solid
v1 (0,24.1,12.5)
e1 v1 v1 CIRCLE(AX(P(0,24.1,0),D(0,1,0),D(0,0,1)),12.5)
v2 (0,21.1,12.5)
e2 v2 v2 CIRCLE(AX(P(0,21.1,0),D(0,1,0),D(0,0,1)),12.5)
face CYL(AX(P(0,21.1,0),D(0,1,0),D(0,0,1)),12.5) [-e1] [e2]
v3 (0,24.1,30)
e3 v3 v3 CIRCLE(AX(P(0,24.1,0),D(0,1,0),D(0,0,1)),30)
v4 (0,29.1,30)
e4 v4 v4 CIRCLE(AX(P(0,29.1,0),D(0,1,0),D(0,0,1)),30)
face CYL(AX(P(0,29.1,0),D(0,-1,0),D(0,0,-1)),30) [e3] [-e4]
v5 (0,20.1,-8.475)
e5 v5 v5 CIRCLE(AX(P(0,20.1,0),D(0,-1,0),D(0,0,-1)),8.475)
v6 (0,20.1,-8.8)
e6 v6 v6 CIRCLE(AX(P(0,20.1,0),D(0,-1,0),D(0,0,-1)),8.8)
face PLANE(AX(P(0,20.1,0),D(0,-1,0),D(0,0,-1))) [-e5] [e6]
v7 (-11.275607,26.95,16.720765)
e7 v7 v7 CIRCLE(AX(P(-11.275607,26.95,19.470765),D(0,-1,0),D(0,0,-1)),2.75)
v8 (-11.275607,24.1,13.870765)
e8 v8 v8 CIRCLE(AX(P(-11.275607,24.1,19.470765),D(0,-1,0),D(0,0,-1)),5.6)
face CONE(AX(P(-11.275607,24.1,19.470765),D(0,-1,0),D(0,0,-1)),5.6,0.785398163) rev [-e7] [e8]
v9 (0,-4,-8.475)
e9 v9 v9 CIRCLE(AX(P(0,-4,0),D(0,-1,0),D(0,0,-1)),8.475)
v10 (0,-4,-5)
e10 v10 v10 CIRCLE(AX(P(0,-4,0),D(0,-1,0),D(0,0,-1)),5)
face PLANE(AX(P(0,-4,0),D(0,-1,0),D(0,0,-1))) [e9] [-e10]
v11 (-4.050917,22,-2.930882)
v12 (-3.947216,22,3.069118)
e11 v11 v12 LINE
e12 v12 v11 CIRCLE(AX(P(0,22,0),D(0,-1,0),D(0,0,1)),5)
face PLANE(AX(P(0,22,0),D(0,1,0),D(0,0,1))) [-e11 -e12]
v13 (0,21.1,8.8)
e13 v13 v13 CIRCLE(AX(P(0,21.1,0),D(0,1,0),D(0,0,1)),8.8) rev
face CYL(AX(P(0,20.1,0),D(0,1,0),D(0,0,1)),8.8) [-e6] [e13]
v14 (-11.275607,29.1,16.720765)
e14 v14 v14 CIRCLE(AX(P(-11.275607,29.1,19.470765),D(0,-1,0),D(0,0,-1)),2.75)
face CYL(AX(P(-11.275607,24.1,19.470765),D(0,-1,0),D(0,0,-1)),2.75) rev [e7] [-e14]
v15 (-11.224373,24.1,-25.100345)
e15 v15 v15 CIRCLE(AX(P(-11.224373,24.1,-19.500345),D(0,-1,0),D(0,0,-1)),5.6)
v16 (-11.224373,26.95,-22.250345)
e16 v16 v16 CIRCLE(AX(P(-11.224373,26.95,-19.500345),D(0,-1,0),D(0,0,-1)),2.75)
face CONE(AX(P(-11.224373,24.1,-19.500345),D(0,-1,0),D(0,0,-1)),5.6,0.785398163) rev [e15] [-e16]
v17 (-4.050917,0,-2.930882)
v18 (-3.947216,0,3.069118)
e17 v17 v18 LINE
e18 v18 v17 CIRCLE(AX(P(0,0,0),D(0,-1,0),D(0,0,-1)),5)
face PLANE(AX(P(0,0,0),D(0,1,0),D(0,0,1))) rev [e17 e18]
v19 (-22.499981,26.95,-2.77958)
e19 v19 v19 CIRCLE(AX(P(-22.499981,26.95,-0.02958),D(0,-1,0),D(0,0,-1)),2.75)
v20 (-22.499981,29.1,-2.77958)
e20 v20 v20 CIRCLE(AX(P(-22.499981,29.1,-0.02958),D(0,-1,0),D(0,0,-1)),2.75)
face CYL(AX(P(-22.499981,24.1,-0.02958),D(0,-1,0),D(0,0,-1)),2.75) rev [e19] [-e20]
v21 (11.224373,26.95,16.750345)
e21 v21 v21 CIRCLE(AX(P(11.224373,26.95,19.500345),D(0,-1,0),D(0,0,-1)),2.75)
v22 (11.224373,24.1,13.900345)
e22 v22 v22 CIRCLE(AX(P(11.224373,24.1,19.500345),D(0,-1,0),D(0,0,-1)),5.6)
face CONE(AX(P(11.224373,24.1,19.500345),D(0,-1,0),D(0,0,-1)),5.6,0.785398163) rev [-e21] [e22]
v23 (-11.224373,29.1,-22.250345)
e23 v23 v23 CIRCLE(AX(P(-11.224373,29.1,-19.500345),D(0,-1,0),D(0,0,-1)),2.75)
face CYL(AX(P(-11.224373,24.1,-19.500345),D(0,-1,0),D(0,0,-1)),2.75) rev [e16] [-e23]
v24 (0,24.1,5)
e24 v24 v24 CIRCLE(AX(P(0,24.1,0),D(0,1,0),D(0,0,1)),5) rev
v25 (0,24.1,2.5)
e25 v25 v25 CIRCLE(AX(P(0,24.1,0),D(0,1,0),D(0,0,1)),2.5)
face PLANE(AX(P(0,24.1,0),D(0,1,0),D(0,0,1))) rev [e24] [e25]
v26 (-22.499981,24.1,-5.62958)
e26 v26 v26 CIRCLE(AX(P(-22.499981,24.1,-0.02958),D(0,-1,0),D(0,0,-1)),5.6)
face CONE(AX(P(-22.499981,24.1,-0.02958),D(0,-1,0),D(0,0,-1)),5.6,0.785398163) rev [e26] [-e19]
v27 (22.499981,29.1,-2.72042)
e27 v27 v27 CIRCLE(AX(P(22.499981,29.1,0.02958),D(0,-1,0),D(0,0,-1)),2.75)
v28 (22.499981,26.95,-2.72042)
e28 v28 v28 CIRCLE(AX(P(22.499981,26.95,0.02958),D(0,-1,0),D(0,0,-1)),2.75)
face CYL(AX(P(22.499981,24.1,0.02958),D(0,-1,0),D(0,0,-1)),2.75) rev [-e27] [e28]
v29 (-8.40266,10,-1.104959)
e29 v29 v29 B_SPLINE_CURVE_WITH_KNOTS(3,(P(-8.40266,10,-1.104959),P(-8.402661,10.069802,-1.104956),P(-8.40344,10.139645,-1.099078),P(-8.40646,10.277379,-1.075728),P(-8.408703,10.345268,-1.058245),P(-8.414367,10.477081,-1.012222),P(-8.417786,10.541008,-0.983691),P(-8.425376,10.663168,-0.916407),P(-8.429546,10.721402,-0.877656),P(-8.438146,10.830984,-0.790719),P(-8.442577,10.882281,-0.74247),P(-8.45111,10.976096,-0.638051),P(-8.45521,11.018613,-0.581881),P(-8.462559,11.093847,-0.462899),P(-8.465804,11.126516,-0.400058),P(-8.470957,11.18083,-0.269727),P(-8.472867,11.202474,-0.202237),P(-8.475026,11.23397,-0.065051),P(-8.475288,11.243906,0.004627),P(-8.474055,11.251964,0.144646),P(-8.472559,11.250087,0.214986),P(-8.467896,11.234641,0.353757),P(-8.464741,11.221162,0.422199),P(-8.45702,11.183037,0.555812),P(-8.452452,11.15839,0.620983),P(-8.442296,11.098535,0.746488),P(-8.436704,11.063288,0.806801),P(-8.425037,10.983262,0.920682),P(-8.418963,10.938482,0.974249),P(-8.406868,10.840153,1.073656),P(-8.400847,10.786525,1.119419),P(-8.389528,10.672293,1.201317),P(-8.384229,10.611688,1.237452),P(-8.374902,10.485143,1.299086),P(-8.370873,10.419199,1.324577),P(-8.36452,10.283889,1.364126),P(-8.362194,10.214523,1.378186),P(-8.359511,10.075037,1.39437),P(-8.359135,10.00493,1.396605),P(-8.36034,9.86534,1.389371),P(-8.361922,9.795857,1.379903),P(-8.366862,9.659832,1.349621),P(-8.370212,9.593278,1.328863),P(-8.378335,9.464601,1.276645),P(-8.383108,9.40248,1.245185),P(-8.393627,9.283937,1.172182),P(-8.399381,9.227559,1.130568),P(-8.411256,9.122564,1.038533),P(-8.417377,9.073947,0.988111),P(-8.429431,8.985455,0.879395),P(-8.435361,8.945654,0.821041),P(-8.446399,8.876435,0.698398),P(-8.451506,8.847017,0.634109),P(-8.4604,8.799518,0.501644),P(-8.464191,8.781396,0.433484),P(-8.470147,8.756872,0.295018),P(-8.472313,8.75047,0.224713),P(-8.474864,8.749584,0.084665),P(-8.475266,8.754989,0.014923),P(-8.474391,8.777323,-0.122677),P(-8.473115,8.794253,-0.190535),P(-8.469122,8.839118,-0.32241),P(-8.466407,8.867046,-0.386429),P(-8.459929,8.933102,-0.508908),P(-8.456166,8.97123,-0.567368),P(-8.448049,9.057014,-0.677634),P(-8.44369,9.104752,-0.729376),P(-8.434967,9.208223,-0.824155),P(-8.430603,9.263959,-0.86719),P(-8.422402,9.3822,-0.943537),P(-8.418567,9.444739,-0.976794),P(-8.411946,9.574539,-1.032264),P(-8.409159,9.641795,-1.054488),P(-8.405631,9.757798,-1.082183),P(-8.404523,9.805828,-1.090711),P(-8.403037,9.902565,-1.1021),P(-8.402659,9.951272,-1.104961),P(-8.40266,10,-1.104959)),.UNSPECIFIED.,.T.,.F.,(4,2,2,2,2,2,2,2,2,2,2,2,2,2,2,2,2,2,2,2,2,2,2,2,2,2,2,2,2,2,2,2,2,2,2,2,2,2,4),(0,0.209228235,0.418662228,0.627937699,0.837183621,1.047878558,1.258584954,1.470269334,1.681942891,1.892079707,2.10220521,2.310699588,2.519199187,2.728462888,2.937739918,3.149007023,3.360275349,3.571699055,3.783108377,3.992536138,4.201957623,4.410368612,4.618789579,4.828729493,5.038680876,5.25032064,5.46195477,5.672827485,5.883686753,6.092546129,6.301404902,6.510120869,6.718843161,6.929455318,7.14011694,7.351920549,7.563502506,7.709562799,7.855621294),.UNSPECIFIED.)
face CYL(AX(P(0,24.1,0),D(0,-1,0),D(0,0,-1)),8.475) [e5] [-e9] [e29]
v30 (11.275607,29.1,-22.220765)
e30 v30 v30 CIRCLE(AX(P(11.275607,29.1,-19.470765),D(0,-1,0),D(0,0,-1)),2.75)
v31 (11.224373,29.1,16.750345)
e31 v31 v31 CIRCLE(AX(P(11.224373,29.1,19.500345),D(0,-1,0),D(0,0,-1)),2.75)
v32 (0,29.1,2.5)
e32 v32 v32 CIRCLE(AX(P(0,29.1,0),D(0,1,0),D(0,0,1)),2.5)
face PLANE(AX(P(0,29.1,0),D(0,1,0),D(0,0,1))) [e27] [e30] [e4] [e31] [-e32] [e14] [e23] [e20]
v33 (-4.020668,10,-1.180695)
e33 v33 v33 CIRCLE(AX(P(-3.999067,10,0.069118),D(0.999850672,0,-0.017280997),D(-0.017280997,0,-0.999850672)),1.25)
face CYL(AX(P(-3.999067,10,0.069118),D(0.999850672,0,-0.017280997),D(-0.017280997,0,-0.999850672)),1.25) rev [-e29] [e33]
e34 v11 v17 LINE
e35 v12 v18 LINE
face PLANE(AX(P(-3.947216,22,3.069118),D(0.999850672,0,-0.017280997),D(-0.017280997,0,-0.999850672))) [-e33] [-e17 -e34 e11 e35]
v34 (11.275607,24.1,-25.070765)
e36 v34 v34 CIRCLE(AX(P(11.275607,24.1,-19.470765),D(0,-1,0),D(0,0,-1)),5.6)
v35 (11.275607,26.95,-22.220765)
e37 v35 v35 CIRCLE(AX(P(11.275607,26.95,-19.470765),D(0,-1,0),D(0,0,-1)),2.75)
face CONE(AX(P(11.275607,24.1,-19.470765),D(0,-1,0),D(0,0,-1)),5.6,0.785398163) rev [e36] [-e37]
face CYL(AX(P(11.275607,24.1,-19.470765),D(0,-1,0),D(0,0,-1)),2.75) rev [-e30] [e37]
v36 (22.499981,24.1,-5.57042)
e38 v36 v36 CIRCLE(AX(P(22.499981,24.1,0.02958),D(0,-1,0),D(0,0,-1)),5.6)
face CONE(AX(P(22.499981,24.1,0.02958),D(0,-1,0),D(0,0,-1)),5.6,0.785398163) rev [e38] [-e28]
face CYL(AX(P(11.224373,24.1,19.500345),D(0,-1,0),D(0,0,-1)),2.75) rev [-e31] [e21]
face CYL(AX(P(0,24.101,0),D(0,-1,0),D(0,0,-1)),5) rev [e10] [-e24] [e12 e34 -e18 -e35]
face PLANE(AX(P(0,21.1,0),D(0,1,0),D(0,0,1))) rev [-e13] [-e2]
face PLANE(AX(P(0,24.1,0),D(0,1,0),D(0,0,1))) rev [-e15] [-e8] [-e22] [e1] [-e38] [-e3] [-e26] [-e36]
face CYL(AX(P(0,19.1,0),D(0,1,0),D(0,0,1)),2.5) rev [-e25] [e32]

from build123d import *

# Parameters (mm, degrees)
SKETCH_1_R               = 8.475
EXTRUDE_1_DEPTH          = 24.1
CUT_EXTRUDE_2_REACH      = 28.916
SKETCH_3_R               = 5
EXTRUDE_2_DEPTH          = 22
SKETCH_6_R               = 12.5
SKETCH_6_R_2             = 7.5
EXTRUDE_3_DEPTH          = 3
EXTRUDE_START            = 1
SKETCH_20_R              = 8.8
SKETCH_20_R_2            = 8.475
EXTRUDE_4_DEPTH          = 1
HOLE_WIZARD_M3_4_D       = 2.5
HOLE_WIZARD_M3_4_DEPTH   = 8.5
HOLE_WIZARD_M3_4_TIP     = 0.751075774
SKETCH_24_R              = 30
EXTRUDE_5_DEPTH          = 5
SKETCH_25_R              = 2.5
CUT_EXTRUDE_3_DEPTH      = 10
HOLE_WIZARD_1_AT_2_COUNT = 2
HOLE_WIZARD_1_AT_2_PITCH = 22.5
HOLE_WIZARD_1_AT_3_COUNT = 2
HOLE_WIZARD_1_AT_3_PITCH = 38.97114317
HOLE_WIZARD_1_AT_4_COUNT = 2
HOLE_WIZARD_1_AT_4_PITCH = 45
HOLE_WIZARD_1_AT_5_COUNT = 2
HOLE_WIZARD_1_AT_5_PITCH = 38.97114317
HOLE_WIZARD_1_AT_6_COUNT = 2
HOLE_WIZARD_1_AT_6_PITCH = 22.5
EXTRUDE_START_2          = 4
SKETCH_34_R              = 8.475
SKETCH_34_R_2            = 5
EXTRUDE_8_DEPTH          = 4


with BuildPart() as part:
    # 草图1 → 凸台-拉伸1 (new body)
    with BuildSketch(Plane(origin=(0, 0, 0), x_dir=(1, 0, 0), z_dir=(0, 1, 0))):
        with Locations(Location((0, 0, 0), (0, 0, 270))):
            Circle(SKETCH_1_R)
    extrude(amount=EXTRUDE_1_DEPTH)

    # 草图3 → 切除-拉伸2 (cut, up to next)
    with BuildSketch(Plane.XZ, mode=Mode.PRIVATE) as cut_extrude_2_sk1:
        with Locations(Location((0, 0, 0), (0, 0, 270))):
            Circle(SKETCH_3_R)
    cut_extrude_2_tool1 = extrude(cut_extrude_2_sk1.sketch, amount=-CUT_EXTRUDE_2_REACH, mode=Mode.PRIVATE) & part.part
    add(cut_extrude_2_tool1.solids().sort_by_distance((0, 0, 0))[0], mode=Mode.SUBTRACT)

    # 草图4 → 凸台-拉伸2 (add)
    with BuildSketch(Plane.XZ):
        with BuildLine():
            Line((-3.947215931, 3.069118179), (-4.050917396, -2.930881821))
            ThreePointArc((-4.050917396, -2.930881821), (-4.999253362, 0.086404983), (-3.947215931, 3.069118179))
        make_face()
    extrude(amount=-EXTRUDE_2_DEPTH)

    # 草图6 → 凸台-拉伸3 (add)
    with BuildSketch(Plane(origin=(0, 24.1, 0), x_dir=(1, 0, 0), z_dir=(0, 1, 0))):
        with Locations(Location((0, 0, 0), (0, 0, 270))):
            Circle(SKETCH_6_R)
        Circle(SKETCH_6_R_2, mode=Mode.SUBTRACT)
    extrude(amount=-EXTRUDE_3_DEPTH)

    # 草图20 → 凸台-拉伸4 (add)
    with BuildSketch(Plane.XZ.offset(-21.1).offset(EXTRUDE_START)):
        with Locations(Location((0, 0, 0), (0, 0, 90))):
            Circle(SKETCH_20_R)
        with Locations(Location((0, 0, 0), (0, 0, 270))):
            Circle(SKETCH_20_R_2, mode=Mode.SUBTRACT)
    extrude(amount=-EXTRUDE_4_DEPTH)

    # M3 螺纹孔4
    with Locations(Plane(origin=(-3.999066663, 0, 0.069118179), x_dir=(-0.01728099666811417, 0, -0.9998506724277165), z_dir=(0.9998506724277165, 0, -0.01728099666811417))):
        with Locations((0, 10)):
            Hole(HOLE_WIZARD_M3_4_D / 2, depth=HOLE_WIZARD_M3_4_DEPTH)
            with Locations((0, 0, -(HOLE_WIZARD_M3_4_DEPTH + HOLE_WIZARD_M3_4_TIP / 2))):  # 118° drill point
                Cone(0, HOLE_WIZARD_M3_4_D / 2, HOLE_WIZARD_M3_4_TIP, mode=Mode.SUBTRACT)

    # 草图24 → 凸台-拉伸5 (add)
    with BuildSketch(Plane(origin=(0, 24.1, 0), x_dir=(1, 0, 0), z_dir=(0, 1, 0))):
        with Locations(Location((0, 0, 0), (0, 0, 270))):
            Circle(SKETCH_24_R)
    extrude(amount=EXTRUDE_5_DEPTH)

    # 草图25 → 切除-拉伸3 (cut)
    with BuildSketch(Plane(origin=(0, 29.1, 0), x_dir=(1, 0, 0), z_dir=(0, 1, 0))):
        with Locations(Location((0, 0, 0), (0, 0, 270))):
            Circle(SKETCH_25_R)
    extrude(amount=-CUT_EXTRUDE_3_DEPTH, mode=Mode.SUBTRACT)

    # 草图31 → 打孔尺寸(%根据十字)槽半沉头木螺钉的类型1 (revolve, cut)
    with BuildSketch(Plane(origin=(-11.275607113, 24.1, 19.47076486), x_dir=(0, 0, -1), z_dir=(1, 0, 0))):
        Polygon((0, 0), (0, 5), (2.75, 5), (2.75, 2.85), (5.6, 0), align=None)
    hole_wizard_1 = revolve(axis=Axis((-11.275607113, 17.75, 19.47076486), (0, 1, 0)), mode=Mode.SUBTRACT)

    # 打孔尺寸(%根据十字)槽半沉头木螺钉的类型1 at 2: 打孔尺寸(%根据十字)槽半沉头木螺钉的类型1 ×2
    with Locations(*[Vector(0.9999991358386731, 0, 0.0013146565738525046) * (i * HOLE_WIZARD_1_AT_2_PITCH) for i in range(1, HOLE_WIZARD_1_AT_2_COUNT)]):
        add(hole_wizard_1, mode=Mode.SUBTRACT)

    # 打孔尺寸(%根据十字)槽半沉头木螺钉的类型1 at 3: 打孔尺寸(%根据十字)槽半沉头木螺钉的类型1 ×2
    with Locations(*[Vector(0.8666819836857027, 0, -0.49886104192912833) * (i * HOLE_WIZARD_1_AT_3_PITCH) for i in range(1, HOLE_WIZARD_1_AT_3_COUNT)]):
        add(hole_wizard_1, mode=Mode.SUBTRACT)

    # 打孔尺寸(%根据十字)槽半沉头木螺钉的类型1 at 4: 打孔尺寸(%根据十字)槽半沉头木螺钉的类型1 ×2
    with Locations(*[Vector(0.5011380939095448, 0, -0.8653673271118504) * (i * HOLE_WIZARD_1_AT_4_PITCH) for i in range(1, HOLE_WIZARD_1_AT_4_COUNT)]):
        add(hole_wizard_1, mode=Mode.SUBTRACT)

    # 打孔尺寸(%根据十字)槽半沉头木螺钉的类型1 at 5: 打孔尺寸(%根据十字)槽半沉头木螺钉的类型1 ×2
    with Locations(*[Vector(0.0013146565738523764, 0, -0.9999991358386731) * (i * HOLE_WIZARD_1_AT_5_PITCH) for i in range(1, HOLE_WIZARD_1_AT_5_COUNT)]):
        add(hole_wizard_1, mode=Mode.SUBTRACT)

    # 打孔尺寸(%根据十字)槽半沉头木螺钉的类型1 at 6: 打孔尺寸(%根据十字)槽半沉头木螺钉的类型1 ×2
    with Locations(*[Vector(-0.49886104192912806, 0, -0.8666819836857028) * (i * HOLE_WIZARD_1_AT_6_PITCH) for i in range(1, HOLE_WIZARD_1_AT_6_COUNT)]):
        add(hole_wizard_1, mode=Mode.SUBTRACT)

    # 草图34 → 凸台-拉伸8 (add)
    with BuildSketch(Plane(origin=(0, 0, 0), x_dir=(-1, 0, 0), z_dir=(0, -1, 0)).offset(EXTRUDE_START_2)):
        with Locations(Location((0, 0, 0), (0, 0, 90))):
            Circle(SKETCH_34_R)
        with Locations(Location((0, 0, 0), (0, 0, 90))):
            Circle(SKETCH_34_R_2, mode=Mode.SUBTRACT)
    extrude(amount=-EXTRUDE_8_DEPTH)


solid = part.part
